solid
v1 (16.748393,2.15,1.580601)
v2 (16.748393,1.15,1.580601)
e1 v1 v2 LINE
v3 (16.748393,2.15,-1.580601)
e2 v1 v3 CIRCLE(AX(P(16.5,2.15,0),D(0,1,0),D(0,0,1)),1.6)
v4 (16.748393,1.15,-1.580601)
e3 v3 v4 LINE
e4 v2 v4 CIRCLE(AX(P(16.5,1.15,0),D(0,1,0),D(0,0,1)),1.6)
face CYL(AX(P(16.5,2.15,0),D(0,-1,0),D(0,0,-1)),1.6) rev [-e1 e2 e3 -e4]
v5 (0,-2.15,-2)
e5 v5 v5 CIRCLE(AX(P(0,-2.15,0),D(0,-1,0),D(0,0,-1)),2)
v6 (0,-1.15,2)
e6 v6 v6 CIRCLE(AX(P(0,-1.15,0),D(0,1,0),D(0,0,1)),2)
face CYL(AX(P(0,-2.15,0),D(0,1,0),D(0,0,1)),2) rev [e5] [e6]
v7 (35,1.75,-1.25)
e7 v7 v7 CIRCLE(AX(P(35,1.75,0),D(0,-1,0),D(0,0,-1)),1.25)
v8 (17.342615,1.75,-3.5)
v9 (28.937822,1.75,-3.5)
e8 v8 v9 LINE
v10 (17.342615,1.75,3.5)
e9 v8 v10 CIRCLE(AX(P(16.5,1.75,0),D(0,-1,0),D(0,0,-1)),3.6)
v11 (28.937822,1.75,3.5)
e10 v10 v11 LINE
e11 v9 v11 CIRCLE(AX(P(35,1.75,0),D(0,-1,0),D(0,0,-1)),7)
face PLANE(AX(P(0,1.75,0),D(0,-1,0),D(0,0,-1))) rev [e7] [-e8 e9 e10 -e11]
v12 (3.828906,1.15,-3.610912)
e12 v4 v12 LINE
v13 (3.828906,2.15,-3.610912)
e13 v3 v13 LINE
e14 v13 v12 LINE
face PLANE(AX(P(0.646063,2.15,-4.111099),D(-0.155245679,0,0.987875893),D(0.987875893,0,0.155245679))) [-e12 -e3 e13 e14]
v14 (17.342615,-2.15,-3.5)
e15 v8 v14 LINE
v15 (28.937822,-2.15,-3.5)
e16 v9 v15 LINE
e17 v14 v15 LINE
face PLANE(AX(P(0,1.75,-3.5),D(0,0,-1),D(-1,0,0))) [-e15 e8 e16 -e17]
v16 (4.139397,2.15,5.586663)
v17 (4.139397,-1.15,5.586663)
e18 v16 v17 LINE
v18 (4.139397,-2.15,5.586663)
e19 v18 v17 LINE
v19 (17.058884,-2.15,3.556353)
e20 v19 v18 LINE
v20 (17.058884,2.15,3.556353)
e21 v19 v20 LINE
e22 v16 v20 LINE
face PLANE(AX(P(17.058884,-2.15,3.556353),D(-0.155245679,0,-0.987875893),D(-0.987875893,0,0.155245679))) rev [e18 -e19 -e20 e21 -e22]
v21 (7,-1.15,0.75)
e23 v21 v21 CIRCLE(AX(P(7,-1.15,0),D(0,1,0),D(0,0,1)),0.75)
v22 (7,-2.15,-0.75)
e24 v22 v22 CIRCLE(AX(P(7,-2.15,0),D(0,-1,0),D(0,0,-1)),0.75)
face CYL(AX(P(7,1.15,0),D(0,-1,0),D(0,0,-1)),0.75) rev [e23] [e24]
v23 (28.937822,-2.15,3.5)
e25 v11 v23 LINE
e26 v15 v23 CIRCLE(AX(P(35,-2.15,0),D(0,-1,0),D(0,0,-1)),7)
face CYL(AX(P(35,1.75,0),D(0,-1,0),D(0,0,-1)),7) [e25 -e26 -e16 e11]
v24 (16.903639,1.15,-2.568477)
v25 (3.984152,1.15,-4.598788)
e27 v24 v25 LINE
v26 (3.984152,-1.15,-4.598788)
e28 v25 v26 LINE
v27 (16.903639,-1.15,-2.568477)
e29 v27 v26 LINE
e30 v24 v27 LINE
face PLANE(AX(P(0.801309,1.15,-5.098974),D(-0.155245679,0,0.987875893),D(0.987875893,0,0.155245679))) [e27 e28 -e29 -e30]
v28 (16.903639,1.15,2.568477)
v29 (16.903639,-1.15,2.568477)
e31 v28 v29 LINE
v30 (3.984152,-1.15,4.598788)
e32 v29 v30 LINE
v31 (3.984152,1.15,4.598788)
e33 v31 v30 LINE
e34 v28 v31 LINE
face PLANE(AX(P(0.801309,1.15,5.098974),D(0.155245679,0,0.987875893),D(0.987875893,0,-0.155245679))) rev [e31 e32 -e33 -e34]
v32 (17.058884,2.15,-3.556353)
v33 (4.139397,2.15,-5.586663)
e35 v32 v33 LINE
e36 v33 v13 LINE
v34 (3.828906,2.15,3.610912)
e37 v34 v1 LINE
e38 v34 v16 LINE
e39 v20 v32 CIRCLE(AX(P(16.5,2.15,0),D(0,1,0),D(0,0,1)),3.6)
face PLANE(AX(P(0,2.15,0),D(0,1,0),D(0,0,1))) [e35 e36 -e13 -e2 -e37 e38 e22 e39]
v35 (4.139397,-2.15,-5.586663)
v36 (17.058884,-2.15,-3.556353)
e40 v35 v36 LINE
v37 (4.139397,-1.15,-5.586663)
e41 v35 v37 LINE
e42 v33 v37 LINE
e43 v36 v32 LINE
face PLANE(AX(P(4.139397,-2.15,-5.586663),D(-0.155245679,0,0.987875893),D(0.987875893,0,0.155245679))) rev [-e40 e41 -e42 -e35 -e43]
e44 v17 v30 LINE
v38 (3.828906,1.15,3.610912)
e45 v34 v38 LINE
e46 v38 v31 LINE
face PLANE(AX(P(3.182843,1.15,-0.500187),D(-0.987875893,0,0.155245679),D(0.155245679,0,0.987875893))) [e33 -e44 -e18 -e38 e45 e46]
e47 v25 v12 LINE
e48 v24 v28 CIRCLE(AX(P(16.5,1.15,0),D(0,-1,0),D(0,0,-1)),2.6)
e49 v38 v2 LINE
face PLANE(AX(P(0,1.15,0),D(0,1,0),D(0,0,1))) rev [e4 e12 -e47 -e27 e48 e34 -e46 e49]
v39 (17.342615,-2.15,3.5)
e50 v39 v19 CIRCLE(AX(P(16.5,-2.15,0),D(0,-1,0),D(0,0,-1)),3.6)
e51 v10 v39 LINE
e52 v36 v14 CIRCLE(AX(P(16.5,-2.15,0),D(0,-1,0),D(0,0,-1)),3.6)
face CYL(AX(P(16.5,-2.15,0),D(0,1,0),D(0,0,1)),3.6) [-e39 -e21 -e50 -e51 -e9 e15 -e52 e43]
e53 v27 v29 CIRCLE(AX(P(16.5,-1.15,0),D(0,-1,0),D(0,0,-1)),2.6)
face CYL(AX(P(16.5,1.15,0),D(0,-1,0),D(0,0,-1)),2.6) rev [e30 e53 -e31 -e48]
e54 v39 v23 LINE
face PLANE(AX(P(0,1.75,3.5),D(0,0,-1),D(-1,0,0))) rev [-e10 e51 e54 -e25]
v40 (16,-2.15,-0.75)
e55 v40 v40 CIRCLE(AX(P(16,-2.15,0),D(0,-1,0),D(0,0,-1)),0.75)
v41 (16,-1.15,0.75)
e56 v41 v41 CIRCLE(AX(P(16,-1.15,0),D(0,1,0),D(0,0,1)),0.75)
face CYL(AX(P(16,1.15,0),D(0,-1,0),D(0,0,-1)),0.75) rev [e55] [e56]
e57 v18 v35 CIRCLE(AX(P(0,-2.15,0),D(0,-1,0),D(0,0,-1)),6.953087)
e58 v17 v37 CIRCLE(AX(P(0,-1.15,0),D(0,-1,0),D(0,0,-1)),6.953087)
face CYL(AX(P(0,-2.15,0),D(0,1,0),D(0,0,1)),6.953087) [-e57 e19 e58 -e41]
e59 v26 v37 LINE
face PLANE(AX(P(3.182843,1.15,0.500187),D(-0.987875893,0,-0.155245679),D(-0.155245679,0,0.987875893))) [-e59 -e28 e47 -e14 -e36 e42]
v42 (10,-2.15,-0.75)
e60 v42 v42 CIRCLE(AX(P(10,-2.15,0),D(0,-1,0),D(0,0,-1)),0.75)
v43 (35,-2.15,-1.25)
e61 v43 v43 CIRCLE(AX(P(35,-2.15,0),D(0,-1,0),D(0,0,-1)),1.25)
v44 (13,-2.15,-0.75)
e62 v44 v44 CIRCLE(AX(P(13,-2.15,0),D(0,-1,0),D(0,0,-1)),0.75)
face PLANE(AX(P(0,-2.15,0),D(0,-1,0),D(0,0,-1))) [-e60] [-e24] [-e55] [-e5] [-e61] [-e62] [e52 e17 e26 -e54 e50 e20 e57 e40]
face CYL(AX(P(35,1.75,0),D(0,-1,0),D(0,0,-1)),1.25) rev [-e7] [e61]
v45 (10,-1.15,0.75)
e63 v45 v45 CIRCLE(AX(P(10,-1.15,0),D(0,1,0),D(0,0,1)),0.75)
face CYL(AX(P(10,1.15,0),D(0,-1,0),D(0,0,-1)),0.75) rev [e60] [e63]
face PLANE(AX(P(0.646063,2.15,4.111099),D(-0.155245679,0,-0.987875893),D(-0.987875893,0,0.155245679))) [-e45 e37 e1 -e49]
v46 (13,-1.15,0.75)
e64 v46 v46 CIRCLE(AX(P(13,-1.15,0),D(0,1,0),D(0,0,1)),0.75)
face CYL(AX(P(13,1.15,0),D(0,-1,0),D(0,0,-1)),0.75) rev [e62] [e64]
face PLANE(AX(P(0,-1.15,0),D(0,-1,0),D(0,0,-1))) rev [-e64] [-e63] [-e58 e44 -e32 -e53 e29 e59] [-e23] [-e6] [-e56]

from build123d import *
from build123d.topology import SkipClean

# Parameters (mm, degrees)
SKETCH2_R           = 6
SKETCH2_R_2         = 1.5
BOSS_EXTRUDE1_DEPTH = 1.15
SKETCH3_R           = 4.4
BOSS_EXTRUDE2_DEPTH = 3.2
SKETCH4_R           = 0.75
BOSS_EXTRUDE3_DEPTH = 1.15
CIRPATTERN1_COUNT   = 2
BOSS_EXTRUDE5_DEPTH = 2.3
SKETCH7_R           = 2
BOSS_EXTRUDE6_DEPTH = 1
CUT_EXTRUDE2_DEPTH  = 23.239726126
CUT_EXTRUDE4_DEPTH  = 2.3
SKETCH13_R          = 4.4
CUT_EXTRUDE5_DEPTH  = 3.3
BOSS_EXTRUDE8_DEPTH = 1
SKETCH14_R          = 1.25
BOSS_EXTRUDE9_DEPTH = 3.9


with BuildPart() as part:
    # Sketch2 → Boss-Extrude1 (new, symmetric)
    with BuildSketch(Plane(origin=(0, 0, 0), x_dir=(1, 0, 0), z_dir=(0, 1, 0))):
        with Locations(Location((0, 0, 0), (0, 0, 270))):
            Circle(SKETCH2_R)
        with Locations(Location((0, 0, 0), (0, 0, 270))):
            Circle(SKETCH2_R_2, mode=Mode.SUBTRACT)
    extrude(amount=BOSS_EXTRUDE1_DEPTH, both=True)

    # Sketch3 → Boss-Extrude2 (add)
    with BuildSketch(Plane(origin=(0, 1.15, 0), x_dir=(1, 0, 0), z_dir=(0, 1, 0))):
        with Locations(Location((0, 0, 0), (0, 0, 270))):
            Circle(SKETCH3_R)
        with BuildLine():
            Line((0.107421435, 2.898009771), (0.338399731, 2.678709694))
            Line((0.338399731, 2.678709694), (0.61665913, 2.83367809))
            ThreePointArc((0.61665913, 2.83367809), (0.721200673, 2.808891167), (0.824752316, 2.780248841))
            Line((0.824752316, 2.780248841), (0.993936292, 2.510396512))
            Line((0.993936292, 2.510396512), (1.301992734, 2.591295993))
            ThreePointArc((1.301992734, 2.591295993), (1.397085655, 2.541289372), (1.490260976, 2.48779465))
            Line((1.490260976, 2.48779465), (1.587020181, 2.184345885))
            Line((1.587020181, 2.184345885), (1.905517346, 2.186093238))
            ThreePointArc((1.905517346, 2.186093238), (1.985186607, 2.11400902), (2.062131058, 2.039023173))
            Line((2.062131058, 2.039023173), (2.080385755, 1.721044772))
            Line((2.080385755, 1.721044772), (2.389311295, 1.643530205))
            ThreePointArc((2.389311295, 1.643530205), (2.448550984, 1.553897705), (2.504429862, 1.46213237))
            Line((2.504429862, 1.46213237), (2.443033042, 1.149604087))
            Line((2.443033042, 1.149604087), (2.722976028, 0.997698125))
            ThreePointArc((2.722976028, 0.997698125), (2.758063897, 0.896149284), (2.789366126, 0.793370413))
            Line((2.789366126, 0.793370413), (2.652175577, 0.505929549))
            Line((2.652175577, 0.505929549), (2.885546163, 0.289177003))
            ThreePointArc((2.885546163, 0.289177003), (2.894277512, 0.182092507), (2.899036259, 0.074758075))
            Line((2.899036259, 0.074758075), (2.694672167, -0.169534403))
            Line((2.694672167, -0.169534403), (2.866806821, -0.437514174))
            ThreePointArc((2.866806821, -0.437514174), (2.848633027, -0.543405812), (2.826549281, -0.648551587))
            Line((2.826549281, -0.648551587), (2.567852594, -0.834345885))
            Line((2.567852594, -0.834345885), (2.667935462, -1.136714727))
            ThreePointArc((2.667935462, -1.136714727), (2.623998452, -1.234759946), (2.576459817, -1.331110368))
            Line((2.576459817, -1.331110368), (2.279685399, -1.446732346))
            Line((2.279685399, -1.446732346), (2.301427906, -1.764491312))
            ThreePointArc((2.301427906, -1.764491312), (2.234488404, -1.84852957), (2.164481907, -1.930030589))
            Line((2.164481907, -1.930030589), (1.848277186, -1.968215294))
            Line((1.848277186, -1.968215294), (1.790313171, -2.281398419))
            ThreePointArc((1.790313171, -2.281398419), (1.704577232, -2.346149284), (1.616501638, -2.40767989))
            Line((1.616501638, -2.40767989), (1.30073492, -2.366028036))
            Line((1.30073492, -2.366028036), (1.166706475, -2.654956874))
            ThreePointArc((1.166706475, -2.654956874), (1.067561203, -2.696351809), (0.966950626, -2.734045809))
            Line((0.966950626, -2.734045809), (0.671462695, -2.615174535))
            Line((0.671462695, -2.615174535), (0.469791321, -2.861694623))
            ThreePointArc((0.469791321, -2.861694623), (0.363466377, -2.877132634), (0.25664255, -2.888621575))
            Line((0.25664255, -2.888621575), (0, -2.7))
            Line((0, -2.7), (-0.25664255, -2.888621575))
            ThreePointArc((-0.25664255, -2.888621575), (-0.363466377, -2.877132634), (-0.469791321, -2.861694623))
            Line((-0.469791321, -2.861694623), (-0.671462695, -2.615174535))
            Line((-0.671462695, -2.615174535), (-0.966950626, -2.734045809))
            ThreePointArc((-0.966950626, -2.734045809), (-1.067561203, -2.696351809), (-1.166706475, -2.654956874))
            Line((-1.166706475, -2.654956874), (-1.30073492, -2.366028036))
            Line((-1.30073492, -2.366028036), (-1.616501638, -2.40767989))
            ThreePointArc((-1.616501638, -2.40767989), (-1.704577232, -2.346149284), (-1.790313171, -2.281398419))
            Line((-1.790313171, -2.281398419), (-1.848277186, -1.968215294))
            Line((-1.848277186, -1.968215294), (-2.164481907, -1.930030589))
            ThreePointArc((-2.164481907, -1.930030589), (-2.234488404, -1.84852957), (-2.301427906, -1.764491312))
            Line((-2.301427906, -1.764491312), (-2.279685399, -1.446732346))
            Line((-2.279685399, -1.446732346), (-2.576459817, -1.331110368))
            ThreePointArc((-2.576459817, -1.331110368), (-2.623998452, -1.234759946), (-2.667935462, -1.136714727))
            Line((-2.667935462, -1.136714727), (-2.567852594, -0.834345885))
            Line((-2.567852594, -0.834345885), (-2.826549281, -0.648551587))
            ThreePointArc((-2.826549281, -0.648551587), (-2.848633027, -0.543405812), (-2.866806821, -0.437514174))
            Line((-2.866806821, -0.437514174), (-2.694672167, -0.169534403))
            Line((-2.694672167, -0.169534403), (-2.899036259, 0.074758075))
            ThreePointArc((-2.899036259, 0.074758075), (-2.894277512, 0.182092507), (-2.885546163, 0.289177003))
            Line((-2.885546163, 0.289177003), (-2.652175577, 0.505929549))
            Line((-2.652175577, 0.505929549), (-2.789366126, 0.793370413))
            ThreePointArc((-2.789366126, 0.793370413), (-2.758063897, 0.896149284), (-2.722976028, 0.997698125))
            Line((-2.722976028, 0.997698125), (-2.443033042, 1.149604087))
            Line((-2.443033042, 1.149604087), (-2.504429862, 1.46213237))
            ThreePointArc((-2.504429862, 1.46213237), (-2.448550984, 1.553897705), (-2.389311295, 1.643530205))
            Line((-2.389311295, 1.643530205), (-2.080385755, 1.721044772))
            Line((-2.080385755, 1.721044772), (-2.062131058, 2.039023173))
            ThreePointArc((-2.062131058, 2.039023173), (-1.985186607, 2.11400902), (-1.905517346, 2.186093238))
            Line((-1.905517346, 2.186093238), (-1.587020181, 2.184345885))
            Line((-1.587020181, 2.184345885), (-1.490260976, 2.48779465))
            ThreePointArc((-1.490260976, 2.48779465), (-1.397085655, 2.541289372), (-1.301992734, 2.591295993))
            Line((-1.301992734, 2.591295993), (-0.993936292, 2.510396512))
            Line((-0.993936292, 2.510396512), (-0.824752316, 2.780248841))
            ThreePointArc((-0.824752316, 2.780248841), (-0.721200673, 2.808891167), (-0.61665913, 2.83367809))
            Line((-0.61665913, 2.83367809), (-0.338399731, 2.678709694))
            Line((-0.338399731, 2.678709694), (-0.107421435, 2.898009771))
            ThreePointArc((-0.107421435, 2.898009771), (0, 2.9), (0.107421435, 2.898009771))
        make_face(mode=Mode.SUBTRACT)
    extrude(amount=BOSS_EXTRUDE2_DEPTH)

    # Sketch4 → Boss-Extrude3 (add, symmetric)
    with BuildSketch(Plane(origin=(0, 0, 0), x_dir=(1, 0, 0), z_dir=(0, 1, 0))):
        with BuildLine():
            Line((3.968626967, 4.5), (16.888114198, 2.469689731))
            ThreePointArc((16.888114198, 2.469689731), (19, 0), (16.888114198, -2.469689731))
            Line((16.888114198, -2.469689731), (3.968626967, -4.5))
            ThreePointArc((3.968626967, -4.5), (6, 0), (3.968626967, 4.5))
        make_face()
        with Locations(Location((16, 0, 0), (0, 0, 270))):
            Circle(SKETCH4_R, mode=Mode.SUBTRACT)
        with Locations(Location((13, 0, 0), (0, 0, 270))):
            Circle(SKETCH4_R, mode=Mode.SUBTRACT)
        with Locations(Location((10, 0, 0), (0, 0, 270))):
            Circle(SKETCH4_R, mode=Mode.SUBTRACT)
        with Locations(Location((7, 0, 0), (0, 0, 270))):
            Circle(SKETCH4_R, mode=Mode.SUBTRACT)
    boss_extrude3 = extrude(amount=BOSS_EXTRUDE3_DEPTH, both=True)

    # CirPattern1: Boss-Extrude3 ×2 about axis
    cirpattern1_axis = Axis((0, 0, 0), (0, 1, 0))
    for i in range(1, CIRPATTERN1_COUNT):
        add(boss_extrude3.rotate(cirpattern1_axis, i * 360 / CIRPATTERN1_COUNT))



with BuildPart() as body_2:
    # Sketch6 → Boss-Extrude5 (new body)
    with BuildSketch(Plane.XZ.offset(1.15)):
        with BuildLine():
            Line((17.058884445, -3.556353213), (4.139397214, -5.586663482))
            Line((4.139397214, -5.586663482), (3.984151535, -4.598787589))
            Line((3.984151535, -4.598787589), (16.903638766, -2.568477321))
            ThreePointArc((16.903638766, -2.568477321), (19.1, 0), (16.903638766, 2.568477321))
            Line((16.903638766, 2.568477321), (3.984151535, 4.598787589))
            Line((3.984151535, 4.598787589), (4.139397214, 5.586663482))
            Line((4.139397214, 5.586663482), (17.058884445, 3.556353213))
            ThreePointArc((17.058884445, 3.556353213), (20.1, 0), (17.058884445, -3.556353213))
        make_face()
    extrude(amount=-BOSS_EXTRUDE5_DEPTH)


with BuildPart() as part_1:
    add(part.part)

    add(body_2.part)  # Boss-Extrude6 merges body 2
    # Sketch7 → Boss-Extrude6 (add)
    with BuildSketch(Plane.XZ.offset(1.15)):
        with BuildLine():
            Line((4.139397214, -5.586663482), (17.058884445, -3.556353213))
            ThreePointArc((17.058884445, -3.556353213), (20.1, 0), (17.058884445, 3.556353213))
            Line((17.058884445, 3.556353213), (4.139397214, 5.586663482))
            ThreePointArc((4.139397214, 5.586663482), (-6.953086951, 0), (4.139397214, -5.586663482))
        make_face()
        with Locations(Location((0, 0, 0), (0, 0, 270))):
            Circle(SKETCH7_R, mode=Mode.SUBTRACT)
    extrude(amount=BOSS_EXTRUDE6_DEPTH)

    # Sketch10 → Cut-Extrude2 (cut, through all)
    with SkipClean():  # the faces are left unmerged after this step: merging them gives an invalid solid
        with BuildSketch(Plane.XZ.offset(2.15)):
            with BuildLine():
                ThreePointArc((10.75, 0), (10, 0.75), (9.25, 0))
                Line((9.25, 0), (10.75, 0))
            make_face()
            with BuildLine():
                Line((10.75, 0), (9.25, 0))
                ThreePointArc((9.25, 0), (10, -0.75), (10.75, 0))
            make_face()
            with BuildLine():
                ThreePointArc((13.75, 0), (13, 0.75), (12.25, 0))
                Line((12.25, 0), (13.75, 0))
            make_face()
            with BuildLine():
                Line((13.75, 0), (12.25, 0))
                ThreePointArc((12.25, 0), (13, -0.75), (13.75, 0))
            make_face()
            with BuildLine():
                ThreePointArc((16.75, 0), (16, 0.75), (15.25, 0))
                Line((15.25, 0), (16.75, 0))
            make_face()
            with BuildLine():
                Line((16.75, 0), (15.25, 0))
                ThreePointArc((15.25, 0), (16, -0.75), (16.75, 0))
            make_face()
            with BuildLine():
                ThreePointArc((7.75, 0), (7, 0.75), (6.25, 0))
                Line((6.25, 0), (7.75, 0))
            make_face()
            with BuildLine():
                Line((7.75, 0), (6.25, 0))
                ThreePointArc((6.25, 0), (7, -0.75), (7.75, 0))
            make_face()
        extrude(amount=-CUT_EXTRUDE2_DEPTH, mode=Mode.SUBTRACT)

    # Sketch12 → Cut-Extrude4 (cut)
    with BuildSketch(Plane(origin=(0, 1.15, 0), x_dir=(1, 0, 0), z_dir=(0, 1, 0))):
        with BuildLine():
            Line((-3.968626967, 4.5), (-16.888114198, 2.469689731))
            ThreePointArc((-16.888114198, 2.469689731), (-19, 0), (-16.888114198, -2.469689731))
            Line((-16.888114198, -2.469689731), (-3.968626967, -4.5))
            ThreePointArc((-3.968626967, -4.5), (0, -6), (3.968626967, -4.5))
            Line((3.968626967, -4.5), (16.888114198, -2.469689731))
            ThreePointArc((16.888114198, -2.469689731), (19, 0), (16.888114198, 2.469689731))
            Line((16.888114198, 2.469689731), (3.968626967, 4.5))
            ThreePointArc((3.968626967, 4.5), (0, 6), (-3.968626967, 4.5))
        make_face()
    extrude(amount=-CUT_EXTRUDE4_DEPTH, mode=Mode.SUBTRACT)


with BuildPart() as cut_extrude4_piece_1:
    # of the separate pieces the step leaves, piece 1, a body of its own (cut_extrude4_pieces)
    add(part_1.part.solids().sort_by_distance((4.139397214, -1.15, -5.586663482))[0])

    # Sketch9 → Boss-Extrude8 (add)
    with BuildSketch(Plane(origin=(0, 1.15, 0), x_dir=(1, 0, 0), z_dir=(0, 1, 0))):
        with BuildLine():
            ThreePointArc((17.058884445, -3.556353213), (20.1, 0), (17.058884445, 3.556353213))
            Line((17.058884445, 3.556353213), (4.139397214, 5.586663482))
            Line((4.139397214, 5.586663482), (3.984151535, 4.598787589))
            Line((3.984151535, 4.598787589), (16.903638766, 2.568477321))
            ThreePointArc((16.903638766, 2.568477321), (19.1, 0), (16.903638766, -2.568477321))
            Line((16.903638766, -2.568477321), (3.984151535, -4.598787589))
            Line((3.984151535, -4.598787589), (4.139397214, -5.586663482))
            Line((4.139397214, -5.586663482), (17.058884445, -3.556353213))
        make_face()
        with BuildLine():
            ThreePointArc((16.748393087, -1.580601428), (18.1, 0), (16.748393087, 1.580601428))
            Line((16.748393087, 1.580601428), (3.828905855, 3.610911697))
            Line((3.828905855, 3.610911697), (3.984151535, 4.598787589))
            Line((3.984151535, 4.598787589), (16.903638766, 2.568477321))
            ThreePointArc((16.903638766, 2.568477321), (19.1, 0), (16.903638766, -2.568477321))
            Line((16.903638766, -2.568477321), (3.984151535, -4.598787589))
            Line((3.984151535, -4.598787589), (3.828905855, -3.610911697))
            Line((3.828905855, -3.610911697), (16.748393087, -1.580601428))
        make_face()
    extrude(amount=BOSS_EXTRUDE8_DEPTH)

    # Sketch14 → Boss-Extrude9 (add)
    # profile 1 of 5: a face of its own
    with BuildSketch(Plane.XZ.offset(2.15)):
        with BuildLine():
            Line((28, 0), (20.1, 0))
            ThreePointArc((20.1, 0), (19.327844932, -2.227844932), (17.342614977, -3.5))
            Line((17.342614977, -3.5), (28.937822174, -3.5))
            ThreePointArc((28.937822174, -3.5), (28.238519216, -1.811733316), (28, 0))
        make_face()
    # profile 2 of 5: a face of its own
    with BuildSketch(Plane.XZ.offset(2.15)):
        with BuildLine():
            ThreePointArc((17.342614977, 3.5), (19.327844932, 2.227844932), (20.1, 0))
            Line((20.1, 0), (28, 0))
            ThreePointArc((28, 0), (28.238519216, 1.811733316), (28.937822174, 3.5))
            Line((28.937822174, 3.5), (17.342614977, 3.5))
        make_face()
    # profile 3 of 5: a face of its own
    with BuildSketch(Plane.XZ.offset(2.15)):
        with BuildLine():
            Line((30.836953373, 3.5), (30.836953373, 0))
            Line((30.836953373, 0), (30.836953373, -3.5))
            Line((30.836953373, -3.5), (28.937822174, -3.5))
            ThreePointArc((28.937822174, -3.5), (36.811733316, -6.761480784), (42, 0))
            ThreePointArc((42, 0), (36.811733316, 6.761480784), (28.937822174, 3.5))
            Line((28.937822174, 3.5), (30.836953373, 3.5))
        make_face()
        with Locations(Location((35, 0, 0), (0, 0, 270))):
            Circle(SKETCH14_R, mode=Mode.SUBTRACT)
    # profile 4 of 5: a face of its own
    with BuildSketch(Plane.XZ.offset(2.15)):
        with BuildLine():
            Line((30.836953373, 0), (28, 0))
            ThreePointArc((28, 0), (28.238519216, -1.811733316), (28.937822174, -3.5))
            Line((28.937822174, -3.5), (30.836953373, -3.5))
            Line((30.836953373, -3.5), (30.836953373, 0))
        make_face()
    # profile 5 of 5: a face of its own
    with BuildSketch(Plane.XZ.offset(2.15)):
        with BuildLine():
            ThreePointArc((28.937822174, 3.5), (28.238519216, 1.811733316), (28, 0))
            Line((28, 0), (30.836953373, 0))
            Line((30.836953373, 0), (30.836953373, 3.5))
            Line((30.836953373, 3.5), (28.937822174, 3.5))
        make_face()
    extrude(amount=-BOSS_EXTRUDE9_DEPTH)


with BuildPart() as cut_extrude4_piece_2:
    # of the separate pieces the step leaves, piece 2, a body of its own (cut_extrude4_pieces)
    add(part_1.part.solids().sort_by_distance((0, 1.15, 4.4))[0])

    # Sketch13 → Cut-Extrude5 (cut)
    with BuildSketch(Plane(origin=(0, 4.35, 0), x_dir=(1, 0, 0), z_dir=(0, 1, 0))):
        Circle(SKETCH13_R)
    extrude(amount=-CUT_EXTRUDE5_DEPTH, mode=Mode.SUBTRACT)


solid = cut_extrude4_piece_1.part
